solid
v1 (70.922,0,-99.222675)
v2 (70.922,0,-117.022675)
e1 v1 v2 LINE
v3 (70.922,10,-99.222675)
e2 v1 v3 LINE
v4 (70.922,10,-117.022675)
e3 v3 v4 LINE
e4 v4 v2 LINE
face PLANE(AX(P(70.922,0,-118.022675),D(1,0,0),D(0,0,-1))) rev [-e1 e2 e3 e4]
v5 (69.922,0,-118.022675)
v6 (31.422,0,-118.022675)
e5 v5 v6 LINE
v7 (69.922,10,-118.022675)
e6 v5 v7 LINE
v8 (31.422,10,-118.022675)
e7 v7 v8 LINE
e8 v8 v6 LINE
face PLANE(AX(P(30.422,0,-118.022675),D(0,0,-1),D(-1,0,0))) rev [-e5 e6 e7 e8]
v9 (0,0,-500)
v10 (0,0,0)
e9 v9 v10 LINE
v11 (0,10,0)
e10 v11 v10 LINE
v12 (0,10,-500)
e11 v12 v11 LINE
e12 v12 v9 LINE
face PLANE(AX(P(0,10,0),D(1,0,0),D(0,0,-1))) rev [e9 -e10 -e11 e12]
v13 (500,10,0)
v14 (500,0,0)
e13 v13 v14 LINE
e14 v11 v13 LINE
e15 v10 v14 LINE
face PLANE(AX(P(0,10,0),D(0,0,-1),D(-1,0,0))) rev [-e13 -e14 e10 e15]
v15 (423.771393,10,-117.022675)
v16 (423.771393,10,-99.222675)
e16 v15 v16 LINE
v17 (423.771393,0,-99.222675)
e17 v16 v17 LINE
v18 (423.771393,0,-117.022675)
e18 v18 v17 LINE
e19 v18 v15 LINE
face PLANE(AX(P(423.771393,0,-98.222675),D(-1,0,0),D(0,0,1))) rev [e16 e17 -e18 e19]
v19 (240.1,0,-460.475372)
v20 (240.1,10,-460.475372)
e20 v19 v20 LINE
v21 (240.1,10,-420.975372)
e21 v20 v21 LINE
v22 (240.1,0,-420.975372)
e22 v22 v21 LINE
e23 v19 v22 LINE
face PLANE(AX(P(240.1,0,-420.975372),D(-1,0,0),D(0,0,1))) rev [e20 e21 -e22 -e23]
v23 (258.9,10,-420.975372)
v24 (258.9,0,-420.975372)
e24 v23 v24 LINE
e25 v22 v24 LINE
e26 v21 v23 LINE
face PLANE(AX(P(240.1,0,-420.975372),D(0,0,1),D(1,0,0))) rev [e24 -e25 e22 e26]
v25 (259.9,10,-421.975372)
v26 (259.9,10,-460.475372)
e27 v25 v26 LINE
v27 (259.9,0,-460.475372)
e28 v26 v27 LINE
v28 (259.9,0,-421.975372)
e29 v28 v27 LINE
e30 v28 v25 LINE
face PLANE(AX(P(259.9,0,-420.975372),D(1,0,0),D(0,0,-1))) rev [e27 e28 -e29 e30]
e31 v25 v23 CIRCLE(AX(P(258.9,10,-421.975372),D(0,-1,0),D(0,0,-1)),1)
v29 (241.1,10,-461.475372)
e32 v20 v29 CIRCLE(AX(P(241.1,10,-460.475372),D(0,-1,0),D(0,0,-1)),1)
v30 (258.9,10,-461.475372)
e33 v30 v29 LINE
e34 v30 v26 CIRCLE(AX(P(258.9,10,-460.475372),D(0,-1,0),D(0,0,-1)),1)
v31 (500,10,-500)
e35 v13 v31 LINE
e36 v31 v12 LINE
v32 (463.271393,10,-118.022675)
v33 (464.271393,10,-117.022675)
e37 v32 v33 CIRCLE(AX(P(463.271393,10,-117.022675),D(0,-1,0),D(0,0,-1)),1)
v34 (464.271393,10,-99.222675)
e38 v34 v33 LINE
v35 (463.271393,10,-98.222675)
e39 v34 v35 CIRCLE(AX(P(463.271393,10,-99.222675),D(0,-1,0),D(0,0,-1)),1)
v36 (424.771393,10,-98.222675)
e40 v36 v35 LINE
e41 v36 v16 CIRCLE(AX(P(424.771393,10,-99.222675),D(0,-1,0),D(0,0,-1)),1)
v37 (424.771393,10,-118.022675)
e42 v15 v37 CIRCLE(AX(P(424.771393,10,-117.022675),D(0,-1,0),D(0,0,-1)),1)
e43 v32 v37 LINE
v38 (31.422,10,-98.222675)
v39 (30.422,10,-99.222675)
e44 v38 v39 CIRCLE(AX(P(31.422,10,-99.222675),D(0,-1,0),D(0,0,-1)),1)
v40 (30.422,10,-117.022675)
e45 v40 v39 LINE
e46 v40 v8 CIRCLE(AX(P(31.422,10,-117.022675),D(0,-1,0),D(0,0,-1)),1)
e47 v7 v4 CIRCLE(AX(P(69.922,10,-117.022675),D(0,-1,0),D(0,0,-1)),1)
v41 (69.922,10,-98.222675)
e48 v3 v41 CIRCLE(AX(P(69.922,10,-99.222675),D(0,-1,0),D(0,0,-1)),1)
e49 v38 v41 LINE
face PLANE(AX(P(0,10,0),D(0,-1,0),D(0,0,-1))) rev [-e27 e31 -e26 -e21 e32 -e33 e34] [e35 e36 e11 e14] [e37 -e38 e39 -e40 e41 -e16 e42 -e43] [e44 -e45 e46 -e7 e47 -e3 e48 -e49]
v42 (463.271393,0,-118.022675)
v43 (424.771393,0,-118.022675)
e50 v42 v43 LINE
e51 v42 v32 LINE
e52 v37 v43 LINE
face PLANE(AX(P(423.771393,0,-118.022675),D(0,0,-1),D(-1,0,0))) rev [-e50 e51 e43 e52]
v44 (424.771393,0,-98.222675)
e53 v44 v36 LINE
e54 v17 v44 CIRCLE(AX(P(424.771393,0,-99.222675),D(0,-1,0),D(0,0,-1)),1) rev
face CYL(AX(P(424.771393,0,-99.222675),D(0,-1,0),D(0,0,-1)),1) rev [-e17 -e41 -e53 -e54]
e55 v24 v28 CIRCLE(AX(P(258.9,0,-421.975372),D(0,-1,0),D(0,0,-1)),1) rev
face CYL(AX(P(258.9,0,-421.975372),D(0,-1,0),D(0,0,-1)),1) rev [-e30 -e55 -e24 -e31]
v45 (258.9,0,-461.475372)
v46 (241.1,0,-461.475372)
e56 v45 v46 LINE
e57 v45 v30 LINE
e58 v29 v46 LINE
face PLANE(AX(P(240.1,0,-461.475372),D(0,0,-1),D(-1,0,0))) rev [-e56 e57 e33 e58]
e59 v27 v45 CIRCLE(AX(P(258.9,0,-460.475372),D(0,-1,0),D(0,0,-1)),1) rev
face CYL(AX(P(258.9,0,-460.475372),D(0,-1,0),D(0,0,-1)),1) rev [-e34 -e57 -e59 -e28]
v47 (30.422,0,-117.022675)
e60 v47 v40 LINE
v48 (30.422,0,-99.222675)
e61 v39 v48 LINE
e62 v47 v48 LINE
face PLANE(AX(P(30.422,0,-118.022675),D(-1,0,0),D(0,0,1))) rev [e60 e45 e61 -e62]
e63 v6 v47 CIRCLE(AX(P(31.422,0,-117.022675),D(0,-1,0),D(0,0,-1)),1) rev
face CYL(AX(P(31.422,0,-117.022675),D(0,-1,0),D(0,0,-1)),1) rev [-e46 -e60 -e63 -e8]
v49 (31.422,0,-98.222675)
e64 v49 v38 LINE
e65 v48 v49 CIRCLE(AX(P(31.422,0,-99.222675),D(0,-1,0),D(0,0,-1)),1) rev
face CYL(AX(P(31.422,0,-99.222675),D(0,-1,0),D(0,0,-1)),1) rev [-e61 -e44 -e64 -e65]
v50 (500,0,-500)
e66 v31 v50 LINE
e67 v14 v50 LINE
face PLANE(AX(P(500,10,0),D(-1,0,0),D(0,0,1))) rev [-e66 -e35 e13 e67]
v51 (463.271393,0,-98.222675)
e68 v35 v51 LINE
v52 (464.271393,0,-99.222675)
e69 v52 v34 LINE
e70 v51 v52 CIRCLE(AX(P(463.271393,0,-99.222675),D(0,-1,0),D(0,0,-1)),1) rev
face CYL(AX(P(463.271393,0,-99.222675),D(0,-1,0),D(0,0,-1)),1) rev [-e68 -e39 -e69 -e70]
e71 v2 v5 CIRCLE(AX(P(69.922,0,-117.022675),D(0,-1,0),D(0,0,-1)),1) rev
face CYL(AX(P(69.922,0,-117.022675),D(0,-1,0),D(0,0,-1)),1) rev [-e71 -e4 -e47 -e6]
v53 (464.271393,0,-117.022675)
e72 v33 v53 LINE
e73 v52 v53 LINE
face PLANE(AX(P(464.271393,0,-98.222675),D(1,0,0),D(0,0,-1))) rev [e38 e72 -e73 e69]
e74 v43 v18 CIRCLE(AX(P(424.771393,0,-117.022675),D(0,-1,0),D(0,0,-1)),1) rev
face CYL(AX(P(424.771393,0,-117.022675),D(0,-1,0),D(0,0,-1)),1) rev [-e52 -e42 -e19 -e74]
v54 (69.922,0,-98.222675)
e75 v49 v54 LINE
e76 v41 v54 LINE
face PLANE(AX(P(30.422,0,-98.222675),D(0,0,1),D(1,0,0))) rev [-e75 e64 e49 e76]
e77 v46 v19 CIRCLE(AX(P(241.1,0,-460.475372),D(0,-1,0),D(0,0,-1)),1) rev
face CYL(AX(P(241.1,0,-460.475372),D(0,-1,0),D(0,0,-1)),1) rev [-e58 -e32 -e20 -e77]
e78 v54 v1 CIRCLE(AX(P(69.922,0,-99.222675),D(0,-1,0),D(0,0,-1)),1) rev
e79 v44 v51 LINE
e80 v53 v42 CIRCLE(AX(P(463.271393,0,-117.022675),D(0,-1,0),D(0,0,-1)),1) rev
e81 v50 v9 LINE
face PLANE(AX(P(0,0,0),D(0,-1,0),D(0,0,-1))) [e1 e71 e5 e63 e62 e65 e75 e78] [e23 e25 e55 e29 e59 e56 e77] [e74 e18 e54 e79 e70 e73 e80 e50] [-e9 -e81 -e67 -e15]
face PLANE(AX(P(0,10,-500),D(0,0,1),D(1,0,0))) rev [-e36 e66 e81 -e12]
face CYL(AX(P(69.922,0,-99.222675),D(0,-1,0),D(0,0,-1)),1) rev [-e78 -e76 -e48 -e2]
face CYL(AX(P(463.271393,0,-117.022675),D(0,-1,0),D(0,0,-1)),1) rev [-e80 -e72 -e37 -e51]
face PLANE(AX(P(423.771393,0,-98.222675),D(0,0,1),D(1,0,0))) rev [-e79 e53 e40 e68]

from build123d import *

# Parameters (mm, degrees)
CROQUIS1_W              = 500
CROQUIS1_H              = 500
SALIENTE_EXTRUIR1_DEPTH = 10
CROQUIS22_W             = 40.5
CROQUIS22_H             = 19.8
CROQUIS22_W_2           = 19.8
CROQUIS22_H_2           = 40.5
CORTAR_EXTRUIR1_DEPTH   = 10
REDONDEO1_R             = 1


with BuildPart() as part:
    # Croquis1 → Saliente-Extruir1 (new body)
    with BuildSketch(Plane(origin=(0, 0, 0), x_dir=(1, 0, 0), z_dir=(0, 1, 0))):
        with Locations((250, 250)):
            Rectangle(CROQUIS1_W, CROQUIS1_H)
    extrude(amount=SALIENTE_EXTRUIR1_DEPTH)

    # Croquis22 → Cortar-Extruir1 (cut)
    with BuildSketch(Plane(origin=(0, 10, 0), x_dir=(1, 0, 0), z_dir=(0, 1, 0))):
        with Locations((50.671999964, 108.122675133)):
            Rectangle(CROQUIS22_W, CROQUIS22_H)
        with Locations((444.021393457, 108.122675133)):
            Rectangle(CROQUIS22_W, CROQUIS22_H)
        with Locations((250, 441.225372138)):
            Rectangle(CROQUIS22_W_2, CROQUIS22_H_2)
    extrude(amount=-CORTAR_EXTRUIR1_DEPTH, mode=Mode.SUBTRACT)

    # Redondeo1
    redondeo1_edges = [part.edges().sort_by_distance(p)[0] for p in [
        (30.421999964, 5, -98.222675133),
        (30.421999964, 5, -118.022675133),
        (70.921999964, 5, -118.022675133),
        (70.921999964, 5, -98.222675133),
        (423.771393457, 5, -98.222675133),
        (423.771393457, 5, -118.022675133),
        (464.271393457, 5, -118.022675133),
        (464.271393457, 5, -98.222675133),
        (240.1, 5, -461.475372138),
        (259.9, 5, -461.475372138),
        (259.9, 5, -420.975372138),
    ]]
    fillet(redondeo1_edges, radius=REDONDEO1_R)


solid = part.part
